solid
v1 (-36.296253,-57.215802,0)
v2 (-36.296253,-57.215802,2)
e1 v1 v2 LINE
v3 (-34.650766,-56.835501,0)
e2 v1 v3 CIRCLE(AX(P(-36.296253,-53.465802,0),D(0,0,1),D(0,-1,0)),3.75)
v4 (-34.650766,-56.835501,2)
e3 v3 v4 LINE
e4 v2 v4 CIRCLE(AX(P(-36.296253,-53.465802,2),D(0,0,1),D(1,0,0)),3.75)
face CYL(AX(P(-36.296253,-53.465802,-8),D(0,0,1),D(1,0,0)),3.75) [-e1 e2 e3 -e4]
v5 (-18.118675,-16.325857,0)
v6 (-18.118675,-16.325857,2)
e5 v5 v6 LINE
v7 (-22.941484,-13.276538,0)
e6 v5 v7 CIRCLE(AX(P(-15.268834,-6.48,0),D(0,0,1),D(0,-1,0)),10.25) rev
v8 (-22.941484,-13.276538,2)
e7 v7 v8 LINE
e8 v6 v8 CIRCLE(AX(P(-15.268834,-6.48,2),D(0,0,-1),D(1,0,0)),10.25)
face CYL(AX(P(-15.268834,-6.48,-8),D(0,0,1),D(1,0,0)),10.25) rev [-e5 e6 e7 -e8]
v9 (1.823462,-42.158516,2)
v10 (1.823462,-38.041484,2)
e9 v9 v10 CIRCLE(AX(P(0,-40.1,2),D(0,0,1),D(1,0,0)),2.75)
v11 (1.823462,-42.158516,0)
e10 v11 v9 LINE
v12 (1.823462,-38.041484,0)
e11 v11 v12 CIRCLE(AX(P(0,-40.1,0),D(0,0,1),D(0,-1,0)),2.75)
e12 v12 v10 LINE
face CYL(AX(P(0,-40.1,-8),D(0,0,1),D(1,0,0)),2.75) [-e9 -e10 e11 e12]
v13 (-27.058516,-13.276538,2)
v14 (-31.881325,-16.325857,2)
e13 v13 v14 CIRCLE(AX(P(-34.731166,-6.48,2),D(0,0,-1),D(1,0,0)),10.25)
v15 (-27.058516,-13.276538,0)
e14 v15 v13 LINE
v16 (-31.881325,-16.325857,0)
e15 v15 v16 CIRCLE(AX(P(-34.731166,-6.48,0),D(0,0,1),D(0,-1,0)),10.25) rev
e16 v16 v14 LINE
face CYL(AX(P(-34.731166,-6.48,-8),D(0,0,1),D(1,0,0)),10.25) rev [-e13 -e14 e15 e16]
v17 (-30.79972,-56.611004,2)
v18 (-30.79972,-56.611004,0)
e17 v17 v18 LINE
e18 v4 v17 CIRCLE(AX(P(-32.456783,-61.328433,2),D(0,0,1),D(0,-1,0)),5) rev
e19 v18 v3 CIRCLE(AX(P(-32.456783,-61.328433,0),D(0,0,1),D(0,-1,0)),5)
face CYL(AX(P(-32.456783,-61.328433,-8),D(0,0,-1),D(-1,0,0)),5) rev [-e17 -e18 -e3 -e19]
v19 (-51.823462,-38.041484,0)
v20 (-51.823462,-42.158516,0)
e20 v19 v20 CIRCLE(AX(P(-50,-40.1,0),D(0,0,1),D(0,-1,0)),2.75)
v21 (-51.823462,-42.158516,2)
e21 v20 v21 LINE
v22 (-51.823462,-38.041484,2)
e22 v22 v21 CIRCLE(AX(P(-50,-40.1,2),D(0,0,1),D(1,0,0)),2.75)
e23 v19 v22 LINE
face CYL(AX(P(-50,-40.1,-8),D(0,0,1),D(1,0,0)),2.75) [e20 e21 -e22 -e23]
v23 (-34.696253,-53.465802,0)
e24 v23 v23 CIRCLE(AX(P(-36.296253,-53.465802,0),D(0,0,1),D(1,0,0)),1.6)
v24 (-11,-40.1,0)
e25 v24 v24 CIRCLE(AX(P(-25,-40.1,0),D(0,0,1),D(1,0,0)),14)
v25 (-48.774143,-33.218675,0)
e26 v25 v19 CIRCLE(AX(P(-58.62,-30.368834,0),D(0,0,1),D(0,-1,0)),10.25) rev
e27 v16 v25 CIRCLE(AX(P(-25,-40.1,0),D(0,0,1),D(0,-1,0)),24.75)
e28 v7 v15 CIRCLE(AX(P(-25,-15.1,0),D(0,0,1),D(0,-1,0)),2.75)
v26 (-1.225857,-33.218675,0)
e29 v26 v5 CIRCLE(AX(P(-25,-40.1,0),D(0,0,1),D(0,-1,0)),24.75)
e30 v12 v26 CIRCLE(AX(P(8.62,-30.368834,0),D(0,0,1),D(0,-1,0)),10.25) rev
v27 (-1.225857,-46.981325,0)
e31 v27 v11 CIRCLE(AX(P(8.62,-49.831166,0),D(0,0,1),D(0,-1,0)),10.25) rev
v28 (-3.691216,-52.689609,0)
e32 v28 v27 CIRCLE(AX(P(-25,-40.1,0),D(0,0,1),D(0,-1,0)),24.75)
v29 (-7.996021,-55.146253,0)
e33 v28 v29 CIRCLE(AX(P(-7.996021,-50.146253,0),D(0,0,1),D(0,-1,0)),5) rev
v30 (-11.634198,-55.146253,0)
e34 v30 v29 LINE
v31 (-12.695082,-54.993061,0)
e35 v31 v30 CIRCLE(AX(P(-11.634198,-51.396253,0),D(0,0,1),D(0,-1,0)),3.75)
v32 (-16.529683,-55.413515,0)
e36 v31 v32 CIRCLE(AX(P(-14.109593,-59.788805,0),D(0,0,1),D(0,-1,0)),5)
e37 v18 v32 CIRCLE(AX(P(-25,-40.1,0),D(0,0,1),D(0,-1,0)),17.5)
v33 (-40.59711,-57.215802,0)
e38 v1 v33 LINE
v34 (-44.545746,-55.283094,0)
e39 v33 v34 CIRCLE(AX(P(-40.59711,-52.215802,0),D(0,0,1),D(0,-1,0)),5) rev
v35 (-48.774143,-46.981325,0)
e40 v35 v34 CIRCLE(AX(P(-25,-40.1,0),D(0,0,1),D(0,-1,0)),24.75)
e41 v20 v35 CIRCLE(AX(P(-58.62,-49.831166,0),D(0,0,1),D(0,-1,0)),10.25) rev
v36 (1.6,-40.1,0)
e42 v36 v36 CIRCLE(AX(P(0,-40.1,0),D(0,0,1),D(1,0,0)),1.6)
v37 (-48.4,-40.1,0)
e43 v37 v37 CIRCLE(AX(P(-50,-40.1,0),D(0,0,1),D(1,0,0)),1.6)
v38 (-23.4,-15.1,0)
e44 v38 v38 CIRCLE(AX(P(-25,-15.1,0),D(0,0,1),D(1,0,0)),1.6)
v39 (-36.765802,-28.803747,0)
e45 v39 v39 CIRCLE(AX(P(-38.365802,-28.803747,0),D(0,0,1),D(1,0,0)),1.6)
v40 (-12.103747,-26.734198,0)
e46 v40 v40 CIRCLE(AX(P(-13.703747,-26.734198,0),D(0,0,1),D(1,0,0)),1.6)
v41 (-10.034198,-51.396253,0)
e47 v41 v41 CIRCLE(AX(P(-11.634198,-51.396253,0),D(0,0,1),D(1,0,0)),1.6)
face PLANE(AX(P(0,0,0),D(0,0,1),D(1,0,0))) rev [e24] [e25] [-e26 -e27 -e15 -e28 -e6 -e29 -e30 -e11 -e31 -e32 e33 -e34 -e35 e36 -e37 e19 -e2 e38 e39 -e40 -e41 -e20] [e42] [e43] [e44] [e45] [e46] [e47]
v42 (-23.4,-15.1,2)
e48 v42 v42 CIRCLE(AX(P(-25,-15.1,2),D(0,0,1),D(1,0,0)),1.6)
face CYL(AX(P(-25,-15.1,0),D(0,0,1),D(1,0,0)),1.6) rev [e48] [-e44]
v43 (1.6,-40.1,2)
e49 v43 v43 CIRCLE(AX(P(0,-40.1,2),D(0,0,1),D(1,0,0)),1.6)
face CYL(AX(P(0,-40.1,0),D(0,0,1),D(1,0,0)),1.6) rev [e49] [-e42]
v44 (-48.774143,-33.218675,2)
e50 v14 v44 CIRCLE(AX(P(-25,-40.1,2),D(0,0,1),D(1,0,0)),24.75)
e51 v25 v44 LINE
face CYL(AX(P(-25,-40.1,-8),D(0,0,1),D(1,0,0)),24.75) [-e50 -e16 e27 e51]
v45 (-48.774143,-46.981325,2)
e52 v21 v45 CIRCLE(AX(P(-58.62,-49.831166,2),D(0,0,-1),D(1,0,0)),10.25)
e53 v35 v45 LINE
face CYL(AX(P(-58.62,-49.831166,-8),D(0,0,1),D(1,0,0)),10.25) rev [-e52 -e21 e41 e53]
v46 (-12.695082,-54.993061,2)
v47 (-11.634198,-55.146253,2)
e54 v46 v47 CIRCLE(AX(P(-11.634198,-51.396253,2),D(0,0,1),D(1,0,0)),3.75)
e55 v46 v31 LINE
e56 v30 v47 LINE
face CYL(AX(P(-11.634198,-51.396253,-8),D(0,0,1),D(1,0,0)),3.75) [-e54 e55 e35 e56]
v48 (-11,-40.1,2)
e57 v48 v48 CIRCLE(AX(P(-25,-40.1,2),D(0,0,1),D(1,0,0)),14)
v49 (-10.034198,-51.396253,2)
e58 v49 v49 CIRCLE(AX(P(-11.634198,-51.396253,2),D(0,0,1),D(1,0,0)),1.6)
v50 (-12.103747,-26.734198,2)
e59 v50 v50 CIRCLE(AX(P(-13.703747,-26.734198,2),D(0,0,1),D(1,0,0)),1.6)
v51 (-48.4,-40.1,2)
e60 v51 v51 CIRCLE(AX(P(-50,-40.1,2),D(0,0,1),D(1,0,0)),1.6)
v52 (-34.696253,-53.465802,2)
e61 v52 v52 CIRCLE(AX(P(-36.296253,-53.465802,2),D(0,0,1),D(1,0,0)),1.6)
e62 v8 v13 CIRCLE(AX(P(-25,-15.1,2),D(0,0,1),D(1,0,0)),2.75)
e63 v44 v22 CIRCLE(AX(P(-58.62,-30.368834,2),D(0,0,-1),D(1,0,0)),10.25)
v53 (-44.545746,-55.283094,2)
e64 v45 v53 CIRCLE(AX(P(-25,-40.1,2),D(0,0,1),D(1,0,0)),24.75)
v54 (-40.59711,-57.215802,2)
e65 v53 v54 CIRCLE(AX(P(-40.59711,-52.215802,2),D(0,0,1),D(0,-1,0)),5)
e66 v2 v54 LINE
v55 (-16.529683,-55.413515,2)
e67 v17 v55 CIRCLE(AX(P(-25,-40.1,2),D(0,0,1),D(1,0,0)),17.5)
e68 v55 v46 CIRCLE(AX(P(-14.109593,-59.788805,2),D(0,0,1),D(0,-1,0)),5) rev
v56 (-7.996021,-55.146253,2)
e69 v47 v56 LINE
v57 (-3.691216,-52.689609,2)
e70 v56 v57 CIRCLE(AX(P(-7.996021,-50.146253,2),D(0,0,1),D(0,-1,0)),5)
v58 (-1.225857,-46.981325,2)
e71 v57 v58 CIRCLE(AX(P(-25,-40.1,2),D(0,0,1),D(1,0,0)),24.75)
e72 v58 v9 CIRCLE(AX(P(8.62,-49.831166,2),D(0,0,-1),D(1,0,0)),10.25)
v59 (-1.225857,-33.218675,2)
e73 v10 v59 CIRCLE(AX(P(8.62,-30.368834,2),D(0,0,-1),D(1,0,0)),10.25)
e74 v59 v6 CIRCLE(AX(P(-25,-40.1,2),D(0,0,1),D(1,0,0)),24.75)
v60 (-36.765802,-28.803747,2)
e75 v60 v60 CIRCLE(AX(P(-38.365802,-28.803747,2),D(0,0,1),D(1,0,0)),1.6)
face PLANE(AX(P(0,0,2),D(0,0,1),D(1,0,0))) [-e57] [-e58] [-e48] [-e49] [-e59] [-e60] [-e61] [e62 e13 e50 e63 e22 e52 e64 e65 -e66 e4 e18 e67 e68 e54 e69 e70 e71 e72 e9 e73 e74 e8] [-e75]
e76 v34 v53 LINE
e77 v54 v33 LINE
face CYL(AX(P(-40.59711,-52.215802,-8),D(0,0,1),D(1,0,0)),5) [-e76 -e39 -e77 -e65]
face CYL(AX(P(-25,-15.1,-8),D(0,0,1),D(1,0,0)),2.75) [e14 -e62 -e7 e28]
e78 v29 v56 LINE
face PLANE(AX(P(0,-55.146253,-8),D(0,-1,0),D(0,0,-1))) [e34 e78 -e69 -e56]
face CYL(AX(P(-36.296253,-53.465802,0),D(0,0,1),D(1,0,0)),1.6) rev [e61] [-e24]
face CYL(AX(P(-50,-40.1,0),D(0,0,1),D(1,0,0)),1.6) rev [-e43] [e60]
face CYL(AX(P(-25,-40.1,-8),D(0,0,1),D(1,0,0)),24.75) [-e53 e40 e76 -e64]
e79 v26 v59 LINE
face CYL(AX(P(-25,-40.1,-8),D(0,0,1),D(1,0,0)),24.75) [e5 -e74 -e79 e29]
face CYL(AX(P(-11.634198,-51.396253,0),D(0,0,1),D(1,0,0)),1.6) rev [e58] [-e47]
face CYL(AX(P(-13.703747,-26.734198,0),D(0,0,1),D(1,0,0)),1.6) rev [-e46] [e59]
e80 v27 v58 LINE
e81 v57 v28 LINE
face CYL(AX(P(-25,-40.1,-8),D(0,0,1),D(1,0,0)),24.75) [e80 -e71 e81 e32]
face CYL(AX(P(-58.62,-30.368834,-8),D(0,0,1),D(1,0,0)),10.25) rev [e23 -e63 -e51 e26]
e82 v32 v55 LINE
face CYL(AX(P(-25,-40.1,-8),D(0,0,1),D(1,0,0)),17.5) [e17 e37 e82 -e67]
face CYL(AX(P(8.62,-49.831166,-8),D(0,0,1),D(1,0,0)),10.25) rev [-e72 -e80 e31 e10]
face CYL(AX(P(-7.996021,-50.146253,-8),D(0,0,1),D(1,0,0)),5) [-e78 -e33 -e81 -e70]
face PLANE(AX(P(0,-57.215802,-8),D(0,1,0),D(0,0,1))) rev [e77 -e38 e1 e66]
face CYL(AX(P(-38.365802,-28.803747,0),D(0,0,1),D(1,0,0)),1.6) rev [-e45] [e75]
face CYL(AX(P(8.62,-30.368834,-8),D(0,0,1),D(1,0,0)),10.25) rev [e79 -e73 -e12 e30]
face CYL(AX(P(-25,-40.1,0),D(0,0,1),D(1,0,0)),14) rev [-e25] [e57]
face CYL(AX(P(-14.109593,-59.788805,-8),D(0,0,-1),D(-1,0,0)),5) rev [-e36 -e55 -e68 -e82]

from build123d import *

# Parameters (mm, degrees)
SKETCH1_R           = 25
SKETCH1_R_2         = 3
BOSS_EXTRUDE1_DEPTH = 2
FILLET1_R           = 10
CUT_EXTRUDE1_DEPTH  = 3.0000001
SKETCH4_R           = 1.6
SKETCH4_R_2         = 14
CUT_EXTRUDE2_DEPTH  = 3.0000001
SKETCH6_R           = 1.6
CUT_EXTRUDE3_DEPTH  = 3.0000001
SKETCH7_OUTSIDE_W   = 73.426
SKETCH7_OUTSIDE_H   = 70.426
CUT_EXTRUDE4_DEPTH  = 10
CUT_EXTRUDE5_DEPTH  = 10
FILLET2_R           = 5


with BuildPart() as part:
    # Sketch1 → Boss-Extrude1 (new body)
    with BuildSketch(Plane.XY):
        with Locations((-25, -40.1)):
            Circle(SKETCH1_R)
        with Locations((-50, -40.1)):
            Circle(SKETCH1_R_2)
        with Locations((-50, -40.1)):
            Circle(SKETCH1_R_2)
        with Locations((-25, -40.1)):
            Circle(SKETCH1_R)
        with Locations((0, -40.1)):
            Circle(SKETCH1_R_2)
        with Locations((-25, -40.1)):
            Circle(SKETCH1_R)
        with Locations((-25, -15.1)):
            Circle(SKETCH1_R_2)
        with Locations((-50, -40.1)):
            Circle(SKETCH1_R_2)
        with Locations((-25, -40.1)):
            Circle(SKETCH1_R)
        with Locations((-25, -15.1)):
            Circle(SKETCH1_R_2)
        with Locations((-25, -15.1)):
            Circle(SKETCH1_R_2)
        with Locations((-25, -40.1)):
            Circle(SKETCH1_R)
        with Locations((-25, -40.1)):
            Circle(SKETCH1_R)
        with Locations((0, -40.1)):
            Circle(SKETCH1_R_2)
        with Locations((0, -40.1)):
            Circle(SKETCH1_R_2)
        with Locations((-25, -40.1)):
            Circle(SKETCH1_R)
    extrude(amount=BOSS_EXTRUDE1_DEPTH)

    # Fillet1
    fillet1_edges = [part.edges().sort_by_distance(p)[0] for p in [
        (-49.82, -37.105404869, 1),
        (-27.994595131, -15.28, 1),
        (-22.005404869, -15.28, 1),
        (-0.18, -37.105404869, 1),
        (-0.18, -43.094595131, 1),
        (-49.82, -43.094595131, 1),
    ]]
    fillet(fillet1_edges, radius=FILLET1_R)

    # Sketch3 → Cut-Extrude1 (cut, through all)
    with BuildSketch(Plane.XY.offset(2)):
        with BuildLine():
            ThreePointArc((-37.216735292, -29.767928139), (-37.401620542, -27.65468006), (-39.514868621, -27.83956531))
            ThreePointArc((-39.514868621, -27.83956531), (-39.329983371, -29.952813389), (-37.216735292, -29.767928139))
        make_face()
        with BuildLine():
            ThreePointArc((-35.332071861, -52.316735292), (-37.44531994, -52.501620542), (-37.26043469, -54.614868621))
            ThreePointArc((-37.26043469, -54.614868621), (-35.147186611, -54.429983371), (-35.332071861, -52.316735292))
        make_face()
        with BuildLine():
            ThreePointArc((-12.783264708, -50.432071861), (-12.598379458, -52.54531994), (-10.485131379, -52.36043469))
            ThreePointArc((-10.485131379, -52.36043469), (-10.670016629, -50.247186611), (-12.783264708, -50.432071861))
        make_face()
        with BuildLine():
            ThreePointArc((-14.667928139, -27.883264708), (-12.55468006, -27.698379458), (-12.73956531, -25.585131379))
            ThreePointArc((-12.73956531, -25.585131379), (-14.852813389, -25.770016629), (-14.667928139, -27.883264708))
        make_face()
        with BuildLine():
            ThreePointArc((-35.264995538, -31.48664603), (-33.61335397, -50.364995538), (-14.735004462, -48.71335397))
            ThreePointArc((-14.735004462, -48.71335397), (-16.38664603, -29.835004462), (-35.264995538, -31.48664603))
        make_face()
    extrude(amount=-CUT_EXTRUDE1_DEPTH, mode=Mode.SUBTRACT)

    # Sketch4 → Cut-Extrude2 (cut, through all)
    with BuildSketch(Plane.XY.offset(2)):
        with Locations((-36.296253275, -53.465801956)):
            Circle(SKETCH4_R)
        with Locations((-38.365801956, -28.803746725)):
            Circle(SKETCH4_R)
        with Locations((-13.703746725, -26.734198044)):
            Circle(SKETCH4_R)
        with Locations((-11.634198044, -51.396253275)):
            Circle(SKETCH4_R)
        with Locations((-25, -40.1)):
            Circle(SKETCH4_R_2)
    extrude(amount=-CUT_EXTRUDE2_DEPTH, mode=Mode.SUBTRACT)

    # Sketch6 → Cut-Extrude3 (cut, through all)
    with BuildSketch(Plane.XY.offset(2)):
        with Locations((-50, -40.1)):
            Circle(SKETCH6_R)
        with Locations((-25, -15.1)):
            Circle(SKETCH6_R)
        with Locations((0, -40.1)):
            Circle(SKETCH6_R)
    extrude(amount=-CUT_EXTRUDE3_DEPTH, mode=Mode.SUBTRACT)

    # Sketch7 outside → Cut-Extrude4 (cut)
    with BuildSketch(Plane.XY.offset(2)):
        with Locations((-25, -38.6)):
            Rectangle(SKETCH7_OUTSIDE_W, SKETCH7_OUTSIDE_H)
        with BuildLine():
            ThreePointArc((-31.881324829, -16.325857143), (-42.500892834, -22.599107166), (-48.774142857, -33.218675171))
            ThreePointArc((-48.774142857, -33.218675171), (-49.956443907, -35.846542569), (-51.823461538, -38.041484025))
            ThreePointArc((-51.823461538, -38.041484025), (-52.75, -40.1), (-51.823461538, -42.158515975))
            ThreePointArc((-51.823461538, -42.158515975), (-49.956443907, -44.353457431), (-48.774142857, -46.981324829))
            ThreePointArc((-48.774142857, -46.981324829), (-25, -64.85), (-1.225857143, -46.981324829))
            ThreePointArc((-1.225857143, -46.981324829), (-0.043556093, -44.353457431), (1.823461538, -42.158515975))
            ThreePointArc((1.823461538, -42.158515975), (2.75, -40.1), (1.823461538, -38.041484025))
            ThreePointArc((1.823461538, -38.041484025), (-0.043556093, -35.846542569), (-1.225857143, -33.218675171))
            ThreePointArc((-1.225857143, -33.218675171), (-7.499107166, -22.599107166), (-18.118675171, -16.325857143))
            ThreePointArc((-18.118675171, -16.325857143), (-20.746542569, -15.143556093), (-22.941484025, -13.276538462))
            ThreePointArc((-22.941484025, -13.276538462), (-25, -12.35), (-27.058515975, -13.276538462))
            ThreePointArc((-27.058515975, -13.276538462), (-29.253457431, -15.143556093), (-31.881324829, -16.325857143))
        make_face(mode=Mode.SUBTRACT)
    extrude(amount=-CUT_EXTRUDE4_DEPTH, mode=Mode.SUBTRACT)

    # Sketch8 → Cut-Extrude5 (cut)
    with BuildSketch(Plane.XY.offset(2)):
        with BuildLine():
            ThreePointArc((-33.189286906, -55.565625754), (-34.537253452, -56.777662403), (-36.296253275, -57.215801956))
            Line((-36.296253275, -57.215801956), (-42.877690662, -57.215801956))
            ThreePointArc((-42.877690662, -57.215801956), (-23.637222782, -64.812453101), (-5.348721101, -55.146253275))
            Line((-5.348721101, -55.146253275), (-11.634198044, -55.146253275))
            ThreePointArc((-11.634198044, -55.146253275), (-13.110091293, -54.843605755), (-14.347757645, -53.984514137))
            ThreePointArc((-14.347757645, -53.984514137), (-23.536608094, -57.538706492), (-33.189286906, -55.565625754))
        make_face()
    extrude(amount=-CUT_EXTRUDE5_DEPTH, mode=Mode.SUBTRACT)

    # Fillet2
    fillet2_edges = [part.edges().sort_by_distance(p)[0] for p in [
        (-42.877690662, -57.215801956, 1),
        (-5.348721101, -55.146253275, 1),
        (-14.347757645, -53.984514137, 1),
        (-33.189286906, -55.565625754, 1),
    ]]
    fillet(fillet2_edges, radius=FILLET2_R)


solid = part.part
